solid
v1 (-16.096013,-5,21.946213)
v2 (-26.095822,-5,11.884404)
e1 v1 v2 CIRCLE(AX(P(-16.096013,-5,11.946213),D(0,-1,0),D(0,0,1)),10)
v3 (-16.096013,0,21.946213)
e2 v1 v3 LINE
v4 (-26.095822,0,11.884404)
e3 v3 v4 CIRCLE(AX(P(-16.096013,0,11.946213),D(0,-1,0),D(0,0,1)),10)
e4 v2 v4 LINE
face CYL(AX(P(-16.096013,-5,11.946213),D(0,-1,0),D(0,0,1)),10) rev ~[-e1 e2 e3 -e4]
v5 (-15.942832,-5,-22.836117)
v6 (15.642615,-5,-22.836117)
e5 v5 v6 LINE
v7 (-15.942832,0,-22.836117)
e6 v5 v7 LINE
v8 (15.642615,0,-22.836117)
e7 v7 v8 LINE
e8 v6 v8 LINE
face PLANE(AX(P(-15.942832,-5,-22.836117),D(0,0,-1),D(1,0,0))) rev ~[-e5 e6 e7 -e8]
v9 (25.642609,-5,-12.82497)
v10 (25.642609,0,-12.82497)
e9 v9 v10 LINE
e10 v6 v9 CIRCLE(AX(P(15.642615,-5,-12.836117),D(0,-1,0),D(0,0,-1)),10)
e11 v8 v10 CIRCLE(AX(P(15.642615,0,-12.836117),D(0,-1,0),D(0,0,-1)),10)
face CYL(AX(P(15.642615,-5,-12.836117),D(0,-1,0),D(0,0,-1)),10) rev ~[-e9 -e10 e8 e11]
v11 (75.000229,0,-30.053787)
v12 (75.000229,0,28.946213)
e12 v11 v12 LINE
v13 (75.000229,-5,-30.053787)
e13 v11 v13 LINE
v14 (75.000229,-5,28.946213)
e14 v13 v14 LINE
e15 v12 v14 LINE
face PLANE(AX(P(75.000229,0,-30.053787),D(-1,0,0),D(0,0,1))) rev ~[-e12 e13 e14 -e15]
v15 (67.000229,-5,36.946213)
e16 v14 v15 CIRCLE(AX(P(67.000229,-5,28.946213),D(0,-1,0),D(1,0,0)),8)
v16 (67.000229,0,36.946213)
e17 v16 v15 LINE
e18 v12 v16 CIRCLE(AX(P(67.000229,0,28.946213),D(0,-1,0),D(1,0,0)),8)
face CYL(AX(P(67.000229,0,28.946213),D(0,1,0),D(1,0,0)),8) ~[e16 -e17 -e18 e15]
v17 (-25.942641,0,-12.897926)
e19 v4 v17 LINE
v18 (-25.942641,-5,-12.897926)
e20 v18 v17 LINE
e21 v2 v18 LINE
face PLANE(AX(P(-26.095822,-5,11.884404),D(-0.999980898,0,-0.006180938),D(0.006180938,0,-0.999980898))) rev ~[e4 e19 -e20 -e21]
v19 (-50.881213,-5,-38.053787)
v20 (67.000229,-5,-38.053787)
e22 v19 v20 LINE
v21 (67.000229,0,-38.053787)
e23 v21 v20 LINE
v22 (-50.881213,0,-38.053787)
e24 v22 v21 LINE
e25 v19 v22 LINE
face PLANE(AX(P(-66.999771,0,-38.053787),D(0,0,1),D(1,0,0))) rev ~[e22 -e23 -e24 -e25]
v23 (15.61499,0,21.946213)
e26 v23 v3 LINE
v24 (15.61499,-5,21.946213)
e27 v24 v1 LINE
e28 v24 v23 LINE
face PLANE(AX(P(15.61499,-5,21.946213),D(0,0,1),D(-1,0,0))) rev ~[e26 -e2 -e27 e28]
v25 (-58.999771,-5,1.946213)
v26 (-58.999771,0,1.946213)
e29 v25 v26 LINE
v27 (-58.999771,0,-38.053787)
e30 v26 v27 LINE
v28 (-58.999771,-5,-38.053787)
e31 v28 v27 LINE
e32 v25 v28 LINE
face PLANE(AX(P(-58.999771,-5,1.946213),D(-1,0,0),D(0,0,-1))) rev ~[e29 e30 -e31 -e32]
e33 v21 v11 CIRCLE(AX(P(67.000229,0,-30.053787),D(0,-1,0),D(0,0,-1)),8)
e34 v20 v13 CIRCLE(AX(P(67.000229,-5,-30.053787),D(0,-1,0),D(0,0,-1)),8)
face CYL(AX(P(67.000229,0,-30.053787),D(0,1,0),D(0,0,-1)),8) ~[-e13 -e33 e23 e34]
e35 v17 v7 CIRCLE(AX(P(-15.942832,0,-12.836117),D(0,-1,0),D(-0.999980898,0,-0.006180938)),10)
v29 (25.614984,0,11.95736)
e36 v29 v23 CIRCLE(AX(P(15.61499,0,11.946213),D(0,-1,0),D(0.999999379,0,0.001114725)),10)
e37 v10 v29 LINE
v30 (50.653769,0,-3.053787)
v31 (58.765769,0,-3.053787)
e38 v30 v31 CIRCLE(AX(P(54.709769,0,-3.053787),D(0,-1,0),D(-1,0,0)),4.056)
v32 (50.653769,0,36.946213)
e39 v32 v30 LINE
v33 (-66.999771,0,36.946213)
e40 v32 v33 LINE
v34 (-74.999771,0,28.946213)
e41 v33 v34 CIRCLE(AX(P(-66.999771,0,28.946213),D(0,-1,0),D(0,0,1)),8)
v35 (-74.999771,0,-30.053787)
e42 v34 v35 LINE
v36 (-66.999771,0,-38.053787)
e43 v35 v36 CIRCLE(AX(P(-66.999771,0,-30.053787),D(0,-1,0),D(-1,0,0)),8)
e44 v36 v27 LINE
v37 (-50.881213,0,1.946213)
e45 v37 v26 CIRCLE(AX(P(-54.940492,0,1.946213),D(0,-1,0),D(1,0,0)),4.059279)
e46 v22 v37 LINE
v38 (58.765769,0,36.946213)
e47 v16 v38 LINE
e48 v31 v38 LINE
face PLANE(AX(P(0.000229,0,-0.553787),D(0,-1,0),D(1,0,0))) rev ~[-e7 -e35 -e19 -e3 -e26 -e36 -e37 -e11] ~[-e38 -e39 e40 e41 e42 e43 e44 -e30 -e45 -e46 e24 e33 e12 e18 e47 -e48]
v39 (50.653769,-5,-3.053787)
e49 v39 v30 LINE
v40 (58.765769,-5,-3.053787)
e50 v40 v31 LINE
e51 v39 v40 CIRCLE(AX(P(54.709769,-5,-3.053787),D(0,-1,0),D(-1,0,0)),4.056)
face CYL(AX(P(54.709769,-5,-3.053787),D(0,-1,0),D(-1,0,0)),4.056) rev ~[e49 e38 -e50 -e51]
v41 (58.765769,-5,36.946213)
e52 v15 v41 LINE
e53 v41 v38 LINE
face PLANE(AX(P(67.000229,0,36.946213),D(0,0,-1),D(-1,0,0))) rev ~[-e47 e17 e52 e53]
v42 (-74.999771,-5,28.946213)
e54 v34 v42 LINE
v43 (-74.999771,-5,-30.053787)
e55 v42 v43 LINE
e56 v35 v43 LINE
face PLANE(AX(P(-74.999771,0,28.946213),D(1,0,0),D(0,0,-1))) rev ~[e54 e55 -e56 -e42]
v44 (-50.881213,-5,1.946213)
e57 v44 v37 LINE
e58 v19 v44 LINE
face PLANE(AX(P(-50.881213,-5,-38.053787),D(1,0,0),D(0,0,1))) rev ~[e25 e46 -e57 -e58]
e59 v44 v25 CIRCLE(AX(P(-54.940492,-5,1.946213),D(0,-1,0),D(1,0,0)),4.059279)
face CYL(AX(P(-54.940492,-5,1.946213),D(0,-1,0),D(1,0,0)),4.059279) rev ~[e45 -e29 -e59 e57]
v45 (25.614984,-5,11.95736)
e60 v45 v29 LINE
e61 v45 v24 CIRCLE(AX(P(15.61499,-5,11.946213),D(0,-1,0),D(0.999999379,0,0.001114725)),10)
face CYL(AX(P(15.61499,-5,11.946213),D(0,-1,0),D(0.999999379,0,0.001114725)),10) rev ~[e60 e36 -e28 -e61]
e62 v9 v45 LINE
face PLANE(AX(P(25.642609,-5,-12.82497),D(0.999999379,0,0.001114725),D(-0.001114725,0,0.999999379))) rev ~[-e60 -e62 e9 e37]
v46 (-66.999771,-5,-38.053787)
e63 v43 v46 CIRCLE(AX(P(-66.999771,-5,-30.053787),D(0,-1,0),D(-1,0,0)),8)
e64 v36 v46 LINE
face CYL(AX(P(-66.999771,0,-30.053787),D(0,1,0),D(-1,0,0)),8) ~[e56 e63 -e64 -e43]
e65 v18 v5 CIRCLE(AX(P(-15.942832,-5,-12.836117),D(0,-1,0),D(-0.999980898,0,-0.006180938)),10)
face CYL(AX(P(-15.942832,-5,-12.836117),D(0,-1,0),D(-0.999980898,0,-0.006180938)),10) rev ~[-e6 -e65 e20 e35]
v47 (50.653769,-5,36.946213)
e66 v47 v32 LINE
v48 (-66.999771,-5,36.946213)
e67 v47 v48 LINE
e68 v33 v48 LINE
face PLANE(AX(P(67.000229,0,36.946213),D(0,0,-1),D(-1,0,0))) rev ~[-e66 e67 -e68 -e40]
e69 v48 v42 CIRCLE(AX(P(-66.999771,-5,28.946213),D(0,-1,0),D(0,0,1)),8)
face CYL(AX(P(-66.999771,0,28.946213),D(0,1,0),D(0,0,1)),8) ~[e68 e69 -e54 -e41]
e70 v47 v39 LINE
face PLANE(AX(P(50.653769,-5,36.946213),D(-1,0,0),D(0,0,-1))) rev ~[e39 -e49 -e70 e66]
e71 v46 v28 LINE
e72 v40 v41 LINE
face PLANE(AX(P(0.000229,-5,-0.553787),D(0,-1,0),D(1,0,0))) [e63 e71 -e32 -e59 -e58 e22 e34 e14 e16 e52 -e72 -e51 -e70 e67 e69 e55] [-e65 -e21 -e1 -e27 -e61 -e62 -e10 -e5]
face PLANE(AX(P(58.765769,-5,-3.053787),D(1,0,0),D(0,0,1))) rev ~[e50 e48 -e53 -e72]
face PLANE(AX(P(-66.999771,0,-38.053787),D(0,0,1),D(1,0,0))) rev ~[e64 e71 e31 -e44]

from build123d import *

# Parameters (mm, degrees)
F1_DEPTH = 5
F3_DEPTH = 25
F5_DEPTH = 73
F7_DEPTH = 25


with BuildPart() as f1:
    # F0 (on Front) → F1 (new body)
    with BuildSketch(Plane.XZ):
        with BuildLine():
            ThreePointArc((-66.9997713815, 36.9462131122), (-72.656625631, 34.6030673617), (-74.9997713815, 28.9462131122))
            Line((-74.9997713815, 28.9462131122), (-74.9997713815, -30.0537868878))
            ThreePointArc((-74.9997713815, -30.0537868878), (-72.656625631, -35.7106411373), (-66.9997713815, -38.0537868878))
            Line((-66.9997713815, -38.0537868878), (67.0002286185, -38.0537868878))
            ThreePointArc((67.0002286185, -38.0537868878), (72.657082868, -35.7106411373), (75.0002286185, -30.0537868878))
            Line((75.0002286185, -30.0537868878), (75.0002286185, 28.9462131122))
            ThreePointArc((75.0002286185, 28.9462131122), (72.657082868, 34.6030673617), (67.0002286185, 36.9462131122))
            Line((67.0002286185, 36.9462131122), (-66.9997713815, 36.9462131122))
        make_face()
    extrude(amount=F1_DEPTH)

    # F2 (on face) → F3 (cut)
    with BuildSketch(Plane.XZ.offset(5)):
        with BuildLine():
            Line((-58.9997713815, 1.9462131122), (-58.9997713815, -38.0537868878))
            Line((-58.9997713815, -38.0537868878), (-50.8812127065, -38.0537868878))
            Line((-50.8812127065, -38.0537868878), (-50.8812127065, 1.9462131122))
            ThreePointArc((-50.8812127065, 1.9462131122), (-54.940492044, 6.0054924497), (-58.9997713815, 1.9462131122))
        make_face()
    extrude(amount=-F3_DEPTH, mode=Mode.SUBTRACT)

    # F4 (on face) → F5 (cut)
    with BuildSketch(Plane.XZ.offset(5)):
        with BuildLine():
            Line((58.7657689438, -3.0537868878), (58.7657689438, 36.9462131122))
            Line((58.7657689438, 36.9462131122), (50.6537689438, 36.9462131122))
            Line((50.6537689438, 36.9462131122), (50.6537689438, -3.0537868878))
            ThreePointArc((50.6537689438, -3.0537868878), (54.7097689438, -7.1097868878), (58.7657689438, -3.0537868878))
        make_face()
    extrude(amount=-F5_DEPTH, mode=Mode.SUBTRACT)

    # F6 (on face) → F7 (cut)
    with BuildSketch(Plane.XZ.offset(5)):
        with BuildLine():
            ThreePointArc((25.6149837678, 11.9573603601), (22.6821155465, 19.0212209736), (15.6149899808, 21.9462131122))
            Line((15.6149899808, 21.9462131122), (-16.0960132249, 21.9462131122))
            ThreePointArc((-16.0960132249, 21.9462131122), (-23.1889002898, 18.9953941344), (-26.0958222031, 11.8844037291))
            Line((-26.0958222031, 11.8844037291), (-25.942641223, -12.897926457))
            ThreePointArc((-25.942641223, -12.897926457), (-22.992013267, -19.9290041388), (-15.9428322448, -22.8361170739))
            Line((-15.9428322448, -22.8361170739), (15.6426154759, -22.8361170739))
            ThreePointArc((15.6426154759, -22.8361170739), (22.7176233373, -19.9032426395), (25.6426092628, -12.824969826))
            Line((25.6426092628, -12.824969826), (25.6149837678, 11.9573603601))
        make_face()
    extrude(amount=-F7_DEPTH, mode=Mode.SUBTRACT)


solid = f1.part
